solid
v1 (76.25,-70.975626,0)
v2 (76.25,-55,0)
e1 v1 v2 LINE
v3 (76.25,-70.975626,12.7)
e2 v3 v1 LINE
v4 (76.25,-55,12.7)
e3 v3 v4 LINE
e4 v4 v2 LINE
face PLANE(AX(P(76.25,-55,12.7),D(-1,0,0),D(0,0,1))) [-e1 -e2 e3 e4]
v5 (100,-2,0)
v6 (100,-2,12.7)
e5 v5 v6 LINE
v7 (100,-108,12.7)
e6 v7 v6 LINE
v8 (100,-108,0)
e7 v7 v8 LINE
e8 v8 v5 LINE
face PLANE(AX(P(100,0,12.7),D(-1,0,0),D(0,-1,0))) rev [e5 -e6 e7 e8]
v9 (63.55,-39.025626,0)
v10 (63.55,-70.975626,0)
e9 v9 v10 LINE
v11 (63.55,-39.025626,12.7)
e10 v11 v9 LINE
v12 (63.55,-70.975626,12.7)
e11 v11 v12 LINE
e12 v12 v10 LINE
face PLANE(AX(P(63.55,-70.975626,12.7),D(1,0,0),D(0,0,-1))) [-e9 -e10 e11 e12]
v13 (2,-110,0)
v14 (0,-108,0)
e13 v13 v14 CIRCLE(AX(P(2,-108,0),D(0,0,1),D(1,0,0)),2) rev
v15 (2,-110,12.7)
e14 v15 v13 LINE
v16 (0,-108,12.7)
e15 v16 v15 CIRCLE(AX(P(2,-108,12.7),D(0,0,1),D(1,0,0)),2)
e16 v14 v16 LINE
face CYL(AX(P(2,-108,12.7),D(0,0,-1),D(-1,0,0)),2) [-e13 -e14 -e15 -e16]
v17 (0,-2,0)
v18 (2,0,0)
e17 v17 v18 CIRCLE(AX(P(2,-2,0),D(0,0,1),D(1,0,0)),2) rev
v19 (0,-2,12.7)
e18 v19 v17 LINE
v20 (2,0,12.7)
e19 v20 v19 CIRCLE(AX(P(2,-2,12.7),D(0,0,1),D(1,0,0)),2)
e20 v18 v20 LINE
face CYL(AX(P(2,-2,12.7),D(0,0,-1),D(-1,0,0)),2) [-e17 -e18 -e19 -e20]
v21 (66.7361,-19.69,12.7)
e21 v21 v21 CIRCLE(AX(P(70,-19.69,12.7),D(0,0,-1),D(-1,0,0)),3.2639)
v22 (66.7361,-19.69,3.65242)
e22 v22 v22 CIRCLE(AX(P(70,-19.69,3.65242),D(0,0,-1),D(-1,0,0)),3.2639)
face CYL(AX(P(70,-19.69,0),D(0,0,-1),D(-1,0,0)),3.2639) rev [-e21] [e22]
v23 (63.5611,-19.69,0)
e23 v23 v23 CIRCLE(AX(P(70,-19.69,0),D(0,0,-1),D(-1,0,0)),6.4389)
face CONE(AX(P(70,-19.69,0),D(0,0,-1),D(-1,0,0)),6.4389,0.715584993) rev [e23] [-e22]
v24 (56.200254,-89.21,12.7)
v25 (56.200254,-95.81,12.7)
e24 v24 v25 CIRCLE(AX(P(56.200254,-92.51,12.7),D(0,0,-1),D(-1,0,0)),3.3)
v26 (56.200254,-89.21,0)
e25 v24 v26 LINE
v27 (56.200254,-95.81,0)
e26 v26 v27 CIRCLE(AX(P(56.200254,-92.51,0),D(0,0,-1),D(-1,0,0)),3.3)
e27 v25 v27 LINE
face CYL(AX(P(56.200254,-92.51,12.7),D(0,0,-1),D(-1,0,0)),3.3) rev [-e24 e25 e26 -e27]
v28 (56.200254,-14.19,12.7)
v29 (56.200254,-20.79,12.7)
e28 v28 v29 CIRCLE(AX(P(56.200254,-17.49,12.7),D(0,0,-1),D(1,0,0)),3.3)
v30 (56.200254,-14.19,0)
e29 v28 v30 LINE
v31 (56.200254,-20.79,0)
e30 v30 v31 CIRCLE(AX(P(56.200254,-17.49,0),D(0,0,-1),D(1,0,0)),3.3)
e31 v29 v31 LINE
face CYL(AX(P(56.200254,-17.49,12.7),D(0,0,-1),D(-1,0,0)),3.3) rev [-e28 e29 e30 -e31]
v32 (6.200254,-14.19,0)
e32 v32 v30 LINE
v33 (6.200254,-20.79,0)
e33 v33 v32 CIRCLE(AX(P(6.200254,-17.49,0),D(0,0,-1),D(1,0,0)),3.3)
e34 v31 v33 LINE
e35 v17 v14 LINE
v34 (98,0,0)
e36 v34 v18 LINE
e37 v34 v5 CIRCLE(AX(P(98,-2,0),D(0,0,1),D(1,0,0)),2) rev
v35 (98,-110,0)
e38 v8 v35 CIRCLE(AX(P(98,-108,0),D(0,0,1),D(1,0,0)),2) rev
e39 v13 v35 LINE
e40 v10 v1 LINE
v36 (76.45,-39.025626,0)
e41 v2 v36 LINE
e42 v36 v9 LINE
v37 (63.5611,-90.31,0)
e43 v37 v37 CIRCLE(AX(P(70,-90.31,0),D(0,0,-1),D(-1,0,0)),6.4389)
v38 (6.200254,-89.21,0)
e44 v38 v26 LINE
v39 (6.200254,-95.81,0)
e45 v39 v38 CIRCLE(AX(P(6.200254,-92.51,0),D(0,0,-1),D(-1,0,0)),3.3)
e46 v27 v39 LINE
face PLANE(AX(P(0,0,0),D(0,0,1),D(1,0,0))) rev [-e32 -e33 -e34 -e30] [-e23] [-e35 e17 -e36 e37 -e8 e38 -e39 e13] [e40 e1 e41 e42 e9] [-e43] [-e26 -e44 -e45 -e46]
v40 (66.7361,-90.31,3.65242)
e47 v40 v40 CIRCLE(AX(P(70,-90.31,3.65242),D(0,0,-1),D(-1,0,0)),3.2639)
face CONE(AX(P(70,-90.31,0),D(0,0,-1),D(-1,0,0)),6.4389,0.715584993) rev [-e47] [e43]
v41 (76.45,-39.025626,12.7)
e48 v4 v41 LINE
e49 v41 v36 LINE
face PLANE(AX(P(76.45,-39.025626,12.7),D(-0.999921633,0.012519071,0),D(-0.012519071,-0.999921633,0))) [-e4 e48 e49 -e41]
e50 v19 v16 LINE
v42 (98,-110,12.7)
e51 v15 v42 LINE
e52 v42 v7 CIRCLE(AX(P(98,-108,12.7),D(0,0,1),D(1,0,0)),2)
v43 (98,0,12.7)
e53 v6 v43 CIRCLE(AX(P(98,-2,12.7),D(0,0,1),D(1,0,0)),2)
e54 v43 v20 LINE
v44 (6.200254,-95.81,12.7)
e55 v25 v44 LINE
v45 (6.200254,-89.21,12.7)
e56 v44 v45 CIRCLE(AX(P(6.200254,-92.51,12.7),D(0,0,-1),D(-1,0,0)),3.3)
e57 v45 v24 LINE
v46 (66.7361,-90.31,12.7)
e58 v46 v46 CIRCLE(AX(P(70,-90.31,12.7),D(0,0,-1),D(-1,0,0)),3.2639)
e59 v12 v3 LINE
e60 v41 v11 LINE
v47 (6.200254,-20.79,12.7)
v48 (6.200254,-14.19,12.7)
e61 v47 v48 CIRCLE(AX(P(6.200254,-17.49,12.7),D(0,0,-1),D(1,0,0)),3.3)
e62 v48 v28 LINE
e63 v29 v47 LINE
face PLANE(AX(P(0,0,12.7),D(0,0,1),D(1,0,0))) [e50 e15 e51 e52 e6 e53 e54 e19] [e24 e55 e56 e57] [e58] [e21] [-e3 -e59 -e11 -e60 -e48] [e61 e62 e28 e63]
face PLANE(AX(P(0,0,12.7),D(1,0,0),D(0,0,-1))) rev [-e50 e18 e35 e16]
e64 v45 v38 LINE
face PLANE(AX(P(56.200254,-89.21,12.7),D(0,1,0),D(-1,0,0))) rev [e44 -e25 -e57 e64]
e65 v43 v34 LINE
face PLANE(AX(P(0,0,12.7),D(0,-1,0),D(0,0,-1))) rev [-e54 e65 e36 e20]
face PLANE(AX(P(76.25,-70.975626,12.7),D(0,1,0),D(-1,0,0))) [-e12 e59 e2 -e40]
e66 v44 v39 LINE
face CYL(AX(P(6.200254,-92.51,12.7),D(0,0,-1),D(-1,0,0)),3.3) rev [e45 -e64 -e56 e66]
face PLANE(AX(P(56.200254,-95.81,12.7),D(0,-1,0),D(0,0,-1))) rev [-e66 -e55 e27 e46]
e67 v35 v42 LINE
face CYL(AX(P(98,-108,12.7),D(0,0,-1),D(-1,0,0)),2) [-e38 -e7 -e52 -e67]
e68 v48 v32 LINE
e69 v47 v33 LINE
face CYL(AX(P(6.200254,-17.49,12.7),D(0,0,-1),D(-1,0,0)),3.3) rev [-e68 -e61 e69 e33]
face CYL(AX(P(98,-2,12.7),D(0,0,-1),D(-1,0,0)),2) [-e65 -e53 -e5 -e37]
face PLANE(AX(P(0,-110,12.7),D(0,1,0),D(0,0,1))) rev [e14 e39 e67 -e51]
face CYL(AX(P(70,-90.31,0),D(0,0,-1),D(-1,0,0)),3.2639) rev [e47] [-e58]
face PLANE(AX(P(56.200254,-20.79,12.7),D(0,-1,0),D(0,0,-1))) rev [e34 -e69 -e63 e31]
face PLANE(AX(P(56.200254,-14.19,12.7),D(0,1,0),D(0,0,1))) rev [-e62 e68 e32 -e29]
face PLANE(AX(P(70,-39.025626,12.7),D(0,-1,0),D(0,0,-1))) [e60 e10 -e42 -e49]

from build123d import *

# Parameters (mm, degrees)
SKETCH1_W                                        = 100
SKETCH1_H                                        = 110
BOSS_EXTRUDE2_DEPTH                              = 12.7
CSK_FOR_1_4_FLAT_HEAD_MACHINE_SCREW3_D           = 6.5278
CSK_FOR_1_4_FLAT_HEAD_MACHINE_SCREW3_CSINK_D     = 12.8778
CSK_FOR_1_4_FLAT_HEAD_MACHINE_SCREW3_CSINK_ANGLE = 82
CSK_FOR_1_4_FLAT_HEAD_MACHINE_SCREW4_D           = 6.5278
CSK_FOR_1_4_FLAT_HEAD_MACHINE_SCREW4_CSINK_D     = 12.8778
CSK_FOR_1_4_FLAT_HEAD_MACHINE_SCREW4_CSINK_ANGLE = 82
FILLET1_R                                        = 2
CUT_EXTRUDE1_DEPTH                               = 150.202178268


with BuildPart() as part:
    # Sketch1 → Boss-Extrude2 (new body)
    with BuildSketch(Plane.XY):
        with Locations((50, -55)):
            Rectangle(SKETCH1_W, SKETCH1_H)
        Polygon((70, -39.025625978), (76.45, -39.025625978), (76.25, -55), (76.25, -70.975625978), (70, -70.975625978), (63.55, -70.975625978), (63.55, -39.025625978), align=None, mode=Mode.SUBTRACT)
    extrude(amount=BOSS_EXTRUDE2_DEPTH)

    # CSK for 1/4 Flat Head Machine Screw3 (through all)
    with Locations(Plane(origin=(0, 0, 0), x_dir=(-1, 0, 0), z_dir=(0, 0, -1))):
        with Locations((-70, -90.31)):
            CounterSinkHole(CSK_FOR_1_4_FLAT_HEAD_MACHINE_SCREW3_D / 2, CSK_FOR_1_4_FLAT_HEAD_MACHINE_SCREW3_CSINK_D / 2, counter_sink_angle=CSK_FOR_1_4_FLAT_HEAD_MACHINE_SCREW3_CSINK_ANGLE)

    # CSK for 1/4 Flat Head Machine Screw4 (through all)
    with Locations(Plane(origin=(0, 0, 0), x_dir=(-1, 0, 0), z_dir=(0, 0, -1))):
        with Locations((-70, -19.69)):
            CounterSinkHole(CSK_FOR_1_4_FLAT_HEAD_MACHINE_SCREW4_D / 2, CSK_FOR_1_4_FLAT_HEAD_MACHINE_SCREW4_CSINK_D / 2, counter_sink_angle=CSK_FOR_1_4_FLAT_HEAD_MACHINE_SCREW4_CSINK_ANGLE)

    # Fillet1
    fillet1_edges = [part.edges().sort_by_distance(p)[0] for p in [
        (0, 0, 6.35),
        (100, 0, 6.35),
        (100, -110, 6.35),
        (0, -110, 6.35),
    ]]
    fillet(fillet1_edges, radius=FILLET1_R)

    # Sketch15 → Cut-Extrude1 (cut, through all)
    with BuildSketch(Plane(origin=(0, 0, 0), x_dir=(-1, 0, 0), z_dir=(0, 0, -1))):
        with BuildLine():
            Line((-56.200253658, -14.19), (-6.200253658, -14.19))
            ThreePointArc((-6.200253658, -14.19), (-2.900253658, -17.49), (-6.200253658, -20.79))
            Line((-6.200253658, -20.79), (-56.200253658, -20.79))
            ThreePointArc((-56.200253658, -20.79), (-59.500253658, -17.49), (-56.200253658, -14.19))
        make_face()
        with BuildLine():
            Line((-56.200253658, -89.21), (-6.200253658, -89.21))
            ThreePointArc((-6.200253658, -89.21), (-2.900253658, -92.51), (-6.200253658, -95.81))
            Line((-6.200253658, -95.81), (-56.200253658, -95.81))
            ThreePointArc((-56.200253658, -95.81), (-59.500253658, -92.51), (-56.200253658, -89.21))
        make_face()
    extrude(amount=-CUT_EXTRUDE1_DEPTH, mode=Mode.SUBTRACT)


solid = part.part
